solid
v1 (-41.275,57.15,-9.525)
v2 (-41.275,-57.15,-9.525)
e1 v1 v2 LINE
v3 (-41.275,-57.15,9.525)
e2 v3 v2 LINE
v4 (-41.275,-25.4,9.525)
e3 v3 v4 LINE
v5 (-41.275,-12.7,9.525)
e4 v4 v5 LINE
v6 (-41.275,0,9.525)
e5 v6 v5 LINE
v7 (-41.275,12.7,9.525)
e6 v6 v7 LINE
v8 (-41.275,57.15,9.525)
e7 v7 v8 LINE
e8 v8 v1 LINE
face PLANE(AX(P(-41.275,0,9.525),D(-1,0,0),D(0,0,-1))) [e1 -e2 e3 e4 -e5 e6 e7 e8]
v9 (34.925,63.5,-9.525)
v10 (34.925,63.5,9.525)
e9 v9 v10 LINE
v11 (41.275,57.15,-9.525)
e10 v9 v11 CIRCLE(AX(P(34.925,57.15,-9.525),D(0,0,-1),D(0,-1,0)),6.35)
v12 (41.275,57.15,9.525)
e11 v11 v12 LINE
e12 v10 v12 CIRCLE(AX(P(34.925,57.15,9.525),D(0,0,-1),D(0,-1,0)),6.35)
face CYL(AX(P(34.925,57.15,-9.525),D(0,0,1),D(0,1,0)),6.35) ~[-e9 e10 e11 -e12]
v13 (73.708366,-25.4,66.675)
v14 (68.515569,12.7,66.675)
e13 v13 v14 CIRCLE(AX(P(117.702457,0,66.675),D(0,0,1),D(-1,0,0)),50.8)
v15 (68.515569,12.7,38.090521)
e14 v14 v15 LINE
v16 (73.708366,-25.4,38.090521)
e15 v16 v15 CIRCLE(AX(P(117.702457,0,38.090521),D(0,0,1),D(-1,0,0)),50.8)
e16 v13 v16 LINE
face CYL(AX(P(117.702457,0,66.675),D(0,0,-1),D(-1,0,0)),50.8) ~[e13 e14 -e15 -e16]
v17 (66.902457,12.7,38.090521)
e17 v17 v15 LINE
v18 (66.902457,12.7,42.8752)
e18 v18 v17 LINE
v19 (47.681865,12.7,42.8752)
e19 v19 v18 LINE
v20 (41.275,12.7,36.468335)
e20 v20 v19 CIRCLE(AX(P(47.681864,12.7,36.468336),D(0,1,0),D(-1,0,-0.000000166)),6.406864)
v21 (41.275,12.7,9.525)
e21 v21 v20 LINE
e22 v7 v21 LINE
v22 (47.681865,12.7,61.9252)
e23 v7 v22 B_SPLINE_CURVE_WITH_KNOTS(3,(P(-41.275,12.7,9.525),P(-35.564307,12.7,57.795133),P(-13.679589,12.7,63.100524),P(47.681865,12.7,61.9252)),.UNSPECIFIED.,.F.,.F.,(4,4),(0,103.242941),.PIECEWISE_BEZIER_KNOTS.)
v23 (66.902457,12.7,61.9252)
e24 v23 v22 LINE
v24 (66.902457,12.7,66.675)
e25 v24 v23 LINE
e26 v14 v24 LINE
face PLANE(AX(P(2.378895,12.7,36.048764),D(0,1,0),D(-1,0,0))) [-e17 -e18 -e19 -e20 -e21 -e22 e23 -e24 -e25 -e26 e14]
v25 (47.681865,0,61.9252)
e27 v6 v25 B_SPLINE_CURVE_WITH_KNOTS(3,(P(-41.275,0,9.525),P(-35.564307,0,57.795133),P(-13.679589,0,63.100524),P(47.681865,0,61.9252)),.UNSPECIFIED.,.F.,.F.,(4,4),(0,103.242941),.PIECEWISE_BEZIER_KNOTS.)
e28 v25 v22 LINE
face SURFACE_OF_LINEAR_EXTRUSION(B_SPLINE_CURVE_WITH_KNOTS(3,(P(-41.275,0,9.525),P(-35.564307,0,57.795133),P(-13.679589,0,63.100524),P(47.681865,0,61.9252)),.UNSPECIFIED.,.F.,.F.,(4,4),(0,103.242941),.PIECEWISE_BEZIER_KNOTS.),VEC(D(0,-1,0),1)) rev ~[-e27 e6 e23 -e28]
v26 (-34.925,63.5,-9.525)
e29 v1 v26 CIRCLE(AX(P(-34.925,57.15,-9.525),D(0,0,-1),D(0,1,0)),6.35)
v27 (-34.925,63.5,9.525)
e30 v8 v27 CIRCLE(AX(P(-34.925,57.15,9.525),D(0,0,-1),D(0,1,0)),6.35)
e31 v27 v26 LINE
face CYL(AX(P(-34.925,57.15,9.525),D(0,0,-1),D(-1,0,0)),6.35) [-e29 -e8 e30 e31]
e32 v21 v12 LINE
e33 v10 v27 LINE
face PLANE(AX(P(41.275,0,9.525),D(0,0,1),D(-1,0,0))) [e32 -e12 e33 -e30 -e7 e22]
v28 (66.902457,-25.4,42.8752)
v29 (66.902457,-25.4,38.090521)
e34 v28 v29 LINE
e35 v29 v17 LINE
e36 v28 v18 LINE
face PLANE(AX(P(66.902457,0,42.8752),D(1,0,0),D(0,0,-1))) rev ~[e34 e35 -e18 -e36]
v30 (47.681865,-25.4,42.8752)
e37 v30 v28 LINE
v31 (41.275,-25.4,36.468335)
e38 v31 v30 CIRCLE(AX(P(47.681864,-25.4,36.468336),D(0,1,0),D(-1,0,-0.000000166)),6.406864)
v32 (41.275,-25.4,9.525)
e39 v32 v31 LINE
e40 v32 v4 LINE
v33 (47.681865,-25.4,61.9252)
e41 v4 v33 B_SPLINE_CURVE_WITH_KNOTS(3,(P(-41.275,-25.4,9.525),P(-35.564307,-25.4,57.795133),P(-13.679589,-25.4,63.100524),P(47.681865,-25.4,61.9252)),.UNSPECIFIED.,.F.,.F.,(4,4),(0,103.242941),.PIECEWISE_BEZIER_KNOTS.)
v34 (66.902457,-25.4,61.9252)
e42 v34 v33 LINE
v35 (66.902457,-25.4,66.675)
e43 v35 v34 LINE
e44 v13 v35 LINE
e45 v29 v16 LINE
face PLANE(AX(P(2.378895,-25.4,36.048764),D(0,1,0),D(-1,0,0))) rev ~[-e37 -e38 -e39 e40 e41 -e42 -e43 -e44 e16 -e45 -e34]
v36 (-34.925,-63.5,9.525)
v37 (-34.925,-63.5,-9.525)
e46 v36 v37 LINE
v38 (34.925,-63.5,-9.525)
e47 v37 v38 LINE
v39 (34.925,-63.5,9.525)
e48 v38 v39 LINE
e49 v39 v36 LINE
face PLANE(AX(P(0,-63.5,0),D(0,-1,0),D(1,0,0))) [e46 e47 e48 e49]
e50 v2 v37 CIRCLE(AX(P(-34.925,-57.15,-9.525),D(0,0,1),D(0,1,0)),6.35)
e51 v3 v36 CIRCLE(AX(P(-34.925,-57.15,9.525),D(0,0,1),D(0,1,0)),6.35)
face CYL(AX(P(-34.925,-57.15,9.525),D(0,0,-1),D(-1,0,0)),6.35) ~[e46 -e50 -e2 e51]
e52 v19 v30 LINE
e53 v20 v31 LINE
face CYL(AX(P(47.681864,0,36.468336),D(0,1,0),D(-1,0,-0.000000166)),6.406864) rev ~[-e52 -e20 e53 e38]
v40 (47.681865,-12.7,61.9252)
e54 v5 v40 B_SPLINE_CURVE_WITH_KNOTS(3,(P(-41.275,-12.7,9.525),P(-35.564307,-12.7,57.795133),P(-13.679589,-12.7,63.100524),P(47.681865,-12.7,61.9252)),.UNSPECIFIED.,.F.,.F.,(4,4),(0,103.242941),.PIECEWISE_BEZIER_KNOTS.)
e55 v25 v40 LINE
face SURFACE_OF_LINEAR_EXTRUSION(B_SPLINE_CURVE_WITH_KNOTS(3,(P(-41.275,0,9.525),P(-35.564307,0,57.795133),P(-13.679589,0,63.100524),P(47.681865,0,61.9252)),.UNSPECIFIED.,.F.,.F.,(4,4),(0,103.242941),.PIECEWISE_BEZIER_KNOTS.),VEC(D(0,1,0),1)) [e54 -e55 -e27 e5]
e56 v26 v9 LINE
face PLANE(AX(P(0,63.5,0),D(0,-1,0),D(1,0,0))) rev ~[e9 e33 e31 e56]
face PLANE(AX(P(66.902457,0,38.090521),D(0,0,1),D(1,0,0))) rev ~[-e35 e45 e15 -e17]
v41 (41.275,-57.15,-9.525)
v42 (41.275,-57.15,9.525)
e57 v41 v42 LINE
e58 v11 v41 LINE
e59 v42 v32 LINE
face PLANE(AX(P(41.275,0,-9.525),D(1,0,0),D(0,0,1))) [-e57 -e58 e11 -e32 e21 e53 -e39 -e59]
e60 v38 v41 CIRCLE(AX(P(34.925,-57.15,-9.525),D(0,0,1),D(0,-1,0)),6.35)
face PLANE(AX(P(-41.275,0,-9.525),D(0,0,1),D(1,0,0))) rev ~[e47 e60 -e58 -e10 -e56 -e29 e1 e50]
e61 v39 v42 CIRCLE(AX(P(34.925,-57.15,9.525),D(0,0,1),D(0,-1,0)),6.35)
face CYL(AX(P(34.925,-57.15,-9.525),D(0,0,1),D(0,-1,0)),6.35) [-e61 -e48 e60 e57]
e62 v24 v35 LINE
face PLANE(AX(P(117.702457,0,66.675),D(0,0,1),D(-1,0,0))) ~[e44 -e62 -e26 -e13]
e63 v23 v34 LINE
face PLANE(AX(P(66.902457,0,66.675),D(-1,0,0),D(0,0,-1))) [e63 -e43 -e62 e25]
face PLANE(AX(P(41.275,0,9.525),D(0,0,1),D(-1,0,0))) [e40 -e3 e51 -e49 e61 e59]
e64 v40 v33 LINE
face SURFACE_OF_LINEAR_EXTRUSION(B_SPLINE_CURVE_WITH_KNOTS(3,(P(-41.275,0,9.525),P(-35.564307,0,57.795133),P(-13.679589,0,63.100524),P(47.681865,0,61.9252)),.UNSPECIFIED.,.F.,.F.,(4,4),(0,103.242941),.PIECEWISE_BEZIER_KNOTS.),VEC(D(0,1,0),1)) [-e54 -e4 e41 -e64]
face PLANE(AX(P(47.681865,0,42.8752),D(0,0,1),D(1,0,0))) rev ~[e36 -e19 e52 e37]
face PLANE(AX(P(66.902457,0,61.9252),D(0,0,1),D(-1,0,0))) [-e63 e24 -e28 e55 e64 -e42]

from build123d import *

# Parameters (mm, degrees)
F1_DEPTH = 12.7
F2_DEPTH = 63.5
F3_DEPTH = 25.4
F5_R     = 6.35


with BuildPart() as f1:
    # F0 (on Front) → F1 (new body, symmetric)
    with BuildSketch(Plane.XZ):
        with BuildLine():
            add(Edge.make_bspline(
                [(-41.275, 9.525), (-35.564307, 57.795133), (-13.679589, 63.100524), (47.681865, 61.9252)],
                knots=[0, 0, 0, 0, 103.242941, 103.242941, 103.242941, 103.242941], degree=3))
            Line((-41.275, 9.525), (22.225, 9.525))
            Line((22.225, 9.525), (22.225, 36.468335))
            ThreePointArc((22.225, 36.468335), (29.681143, 54.469057), (47.681865, 61.9252))
        make_face()
        Polygon((22.225, 9.525), (-41.275, 9.525), (-41.275, -9.525), (41.275, -9.525), (41.275, 9.525), align=None)
        with BuildLine():
            Line((22.225, 36.468335), (22.225, 9.525))
            Line((22.225, 9.525), (41.275, 9.525))
            Line((41.275, 9.525), (41.275, 36.468335))
            ThreePointArc((41.275, 36.468335), (43.151527, 40.998673), (47.681865, 42.8752))
            Line((47.681865, 42.8752), (66.902457, 42.8752))
            Line((66.902457, 42.8752), (66.902457, 61.9252))
            Line((66.902457, 61.9252), (47.681865, 61.9252))
            ThreePointArc((47.681865, 61.9252), (29.681143, 54.469057), (22.225, 36.468335))
        make_face()
        Polygon((66.902457, 66.675), (66.902457, 61.9252), (66.902457, 42.8752), (66.902457, 38.090521), (117.702457, 38.090521), (117.702457, 66.675), align=None)
    extrude(amount=F1_DEPTH, both=True)

    # F0 (on Front) → F2 (join, symmetric)
    with BuildSketch(Plane.XZ):
        Polygon((22.225, 9.525), (-41.275, 9.525), (-41.275, -9.525), (41.275, -9.525), (41.275, 9.525), align=None)
    extrude(amount=F2_DEPTH, both=True)

    # F0 (on Front) → F3 (join)
    with BuildSketch(Plane.XZ):
        with BuildLine():
            add(Edge.make_bspline(
                [(-41.275, 9.525), (-35.564307, 57.795133), (-13.679589, 63.100524), (47.681865, 61.9252)],
                knots=[0, 0, 0, 0, 103.242941, 103.242941, 103.242941, 103.242941], degree=3))
            Line((-41.275, 9.525), (22.225, 9.525))
            Line((22.225, 9.525), (22.225, 36.468335))
            ThreePointArc((22.225, 36.468335), (29.681143, 54.469057), (47.681865, 61.9252))
        make_face()
        Polygon((22.225, 9.525), (-41.275, 9.525), (-41.275, -9.525), (41.275, -9.525), (41.275, 9.525), align=None)
        with BuildLine():
            Line((22.225, 36.468335), (22.225, 9.525))
            Line((22.225, 9.525), (41.275, 9.525))
            Line((41.275, 9.525), (41.275, 36.468335))
            ThreePointArc((41.275, 36.468335), (43.151527, 40.998673), (47.681865, 42.8752))
            Line((47.681865, 42.8752), (66.902457, 42.8752))
            Line((66.902457, 42.8752), (66.902457, 61.9252))
            Line((66.902457, 61.9252), (47.681865, 61.9252))
            ThreePointArc((47.681865, 61.9252), (29.681143, 54.469057), (22.225, 36.468335))
        make_face()
        Polygon((66.902457, 66.675), (66.902457, 61.9252), (66.902457, 42.8752), (66.902457, 38.090521), (117.702457, 38.090521), (117.702457, 66.675), align=None)
    extrude(amount=F3_DEPTH)

    # F0 (on Front) → F4 (revolve)
    with BuildSketch(Plane.XZ):
        Polygon((66.902457, 66.675), (66.902457, 61.9252), (66.902457, 42.8752), (66.902457, 38.090521), (117.702457, 38.090521), (117.702457, 66.675), align=None)
    revolve(axis=Axis((117.702457, 0, 52.382761), (0, 0, 1)))

    # F5
    f5_edges = [f1.edges().sort_by_distance(p)[0] for p in [
        (-41.275, -63.5, 0),
        (41.275, -63.5, 0),
        (-41.275, 63.5, 0),
        (41.275, 63.5, 0),
    ]]
    fillet(f5_edges, radius=F5_R)


solid = f1.part
